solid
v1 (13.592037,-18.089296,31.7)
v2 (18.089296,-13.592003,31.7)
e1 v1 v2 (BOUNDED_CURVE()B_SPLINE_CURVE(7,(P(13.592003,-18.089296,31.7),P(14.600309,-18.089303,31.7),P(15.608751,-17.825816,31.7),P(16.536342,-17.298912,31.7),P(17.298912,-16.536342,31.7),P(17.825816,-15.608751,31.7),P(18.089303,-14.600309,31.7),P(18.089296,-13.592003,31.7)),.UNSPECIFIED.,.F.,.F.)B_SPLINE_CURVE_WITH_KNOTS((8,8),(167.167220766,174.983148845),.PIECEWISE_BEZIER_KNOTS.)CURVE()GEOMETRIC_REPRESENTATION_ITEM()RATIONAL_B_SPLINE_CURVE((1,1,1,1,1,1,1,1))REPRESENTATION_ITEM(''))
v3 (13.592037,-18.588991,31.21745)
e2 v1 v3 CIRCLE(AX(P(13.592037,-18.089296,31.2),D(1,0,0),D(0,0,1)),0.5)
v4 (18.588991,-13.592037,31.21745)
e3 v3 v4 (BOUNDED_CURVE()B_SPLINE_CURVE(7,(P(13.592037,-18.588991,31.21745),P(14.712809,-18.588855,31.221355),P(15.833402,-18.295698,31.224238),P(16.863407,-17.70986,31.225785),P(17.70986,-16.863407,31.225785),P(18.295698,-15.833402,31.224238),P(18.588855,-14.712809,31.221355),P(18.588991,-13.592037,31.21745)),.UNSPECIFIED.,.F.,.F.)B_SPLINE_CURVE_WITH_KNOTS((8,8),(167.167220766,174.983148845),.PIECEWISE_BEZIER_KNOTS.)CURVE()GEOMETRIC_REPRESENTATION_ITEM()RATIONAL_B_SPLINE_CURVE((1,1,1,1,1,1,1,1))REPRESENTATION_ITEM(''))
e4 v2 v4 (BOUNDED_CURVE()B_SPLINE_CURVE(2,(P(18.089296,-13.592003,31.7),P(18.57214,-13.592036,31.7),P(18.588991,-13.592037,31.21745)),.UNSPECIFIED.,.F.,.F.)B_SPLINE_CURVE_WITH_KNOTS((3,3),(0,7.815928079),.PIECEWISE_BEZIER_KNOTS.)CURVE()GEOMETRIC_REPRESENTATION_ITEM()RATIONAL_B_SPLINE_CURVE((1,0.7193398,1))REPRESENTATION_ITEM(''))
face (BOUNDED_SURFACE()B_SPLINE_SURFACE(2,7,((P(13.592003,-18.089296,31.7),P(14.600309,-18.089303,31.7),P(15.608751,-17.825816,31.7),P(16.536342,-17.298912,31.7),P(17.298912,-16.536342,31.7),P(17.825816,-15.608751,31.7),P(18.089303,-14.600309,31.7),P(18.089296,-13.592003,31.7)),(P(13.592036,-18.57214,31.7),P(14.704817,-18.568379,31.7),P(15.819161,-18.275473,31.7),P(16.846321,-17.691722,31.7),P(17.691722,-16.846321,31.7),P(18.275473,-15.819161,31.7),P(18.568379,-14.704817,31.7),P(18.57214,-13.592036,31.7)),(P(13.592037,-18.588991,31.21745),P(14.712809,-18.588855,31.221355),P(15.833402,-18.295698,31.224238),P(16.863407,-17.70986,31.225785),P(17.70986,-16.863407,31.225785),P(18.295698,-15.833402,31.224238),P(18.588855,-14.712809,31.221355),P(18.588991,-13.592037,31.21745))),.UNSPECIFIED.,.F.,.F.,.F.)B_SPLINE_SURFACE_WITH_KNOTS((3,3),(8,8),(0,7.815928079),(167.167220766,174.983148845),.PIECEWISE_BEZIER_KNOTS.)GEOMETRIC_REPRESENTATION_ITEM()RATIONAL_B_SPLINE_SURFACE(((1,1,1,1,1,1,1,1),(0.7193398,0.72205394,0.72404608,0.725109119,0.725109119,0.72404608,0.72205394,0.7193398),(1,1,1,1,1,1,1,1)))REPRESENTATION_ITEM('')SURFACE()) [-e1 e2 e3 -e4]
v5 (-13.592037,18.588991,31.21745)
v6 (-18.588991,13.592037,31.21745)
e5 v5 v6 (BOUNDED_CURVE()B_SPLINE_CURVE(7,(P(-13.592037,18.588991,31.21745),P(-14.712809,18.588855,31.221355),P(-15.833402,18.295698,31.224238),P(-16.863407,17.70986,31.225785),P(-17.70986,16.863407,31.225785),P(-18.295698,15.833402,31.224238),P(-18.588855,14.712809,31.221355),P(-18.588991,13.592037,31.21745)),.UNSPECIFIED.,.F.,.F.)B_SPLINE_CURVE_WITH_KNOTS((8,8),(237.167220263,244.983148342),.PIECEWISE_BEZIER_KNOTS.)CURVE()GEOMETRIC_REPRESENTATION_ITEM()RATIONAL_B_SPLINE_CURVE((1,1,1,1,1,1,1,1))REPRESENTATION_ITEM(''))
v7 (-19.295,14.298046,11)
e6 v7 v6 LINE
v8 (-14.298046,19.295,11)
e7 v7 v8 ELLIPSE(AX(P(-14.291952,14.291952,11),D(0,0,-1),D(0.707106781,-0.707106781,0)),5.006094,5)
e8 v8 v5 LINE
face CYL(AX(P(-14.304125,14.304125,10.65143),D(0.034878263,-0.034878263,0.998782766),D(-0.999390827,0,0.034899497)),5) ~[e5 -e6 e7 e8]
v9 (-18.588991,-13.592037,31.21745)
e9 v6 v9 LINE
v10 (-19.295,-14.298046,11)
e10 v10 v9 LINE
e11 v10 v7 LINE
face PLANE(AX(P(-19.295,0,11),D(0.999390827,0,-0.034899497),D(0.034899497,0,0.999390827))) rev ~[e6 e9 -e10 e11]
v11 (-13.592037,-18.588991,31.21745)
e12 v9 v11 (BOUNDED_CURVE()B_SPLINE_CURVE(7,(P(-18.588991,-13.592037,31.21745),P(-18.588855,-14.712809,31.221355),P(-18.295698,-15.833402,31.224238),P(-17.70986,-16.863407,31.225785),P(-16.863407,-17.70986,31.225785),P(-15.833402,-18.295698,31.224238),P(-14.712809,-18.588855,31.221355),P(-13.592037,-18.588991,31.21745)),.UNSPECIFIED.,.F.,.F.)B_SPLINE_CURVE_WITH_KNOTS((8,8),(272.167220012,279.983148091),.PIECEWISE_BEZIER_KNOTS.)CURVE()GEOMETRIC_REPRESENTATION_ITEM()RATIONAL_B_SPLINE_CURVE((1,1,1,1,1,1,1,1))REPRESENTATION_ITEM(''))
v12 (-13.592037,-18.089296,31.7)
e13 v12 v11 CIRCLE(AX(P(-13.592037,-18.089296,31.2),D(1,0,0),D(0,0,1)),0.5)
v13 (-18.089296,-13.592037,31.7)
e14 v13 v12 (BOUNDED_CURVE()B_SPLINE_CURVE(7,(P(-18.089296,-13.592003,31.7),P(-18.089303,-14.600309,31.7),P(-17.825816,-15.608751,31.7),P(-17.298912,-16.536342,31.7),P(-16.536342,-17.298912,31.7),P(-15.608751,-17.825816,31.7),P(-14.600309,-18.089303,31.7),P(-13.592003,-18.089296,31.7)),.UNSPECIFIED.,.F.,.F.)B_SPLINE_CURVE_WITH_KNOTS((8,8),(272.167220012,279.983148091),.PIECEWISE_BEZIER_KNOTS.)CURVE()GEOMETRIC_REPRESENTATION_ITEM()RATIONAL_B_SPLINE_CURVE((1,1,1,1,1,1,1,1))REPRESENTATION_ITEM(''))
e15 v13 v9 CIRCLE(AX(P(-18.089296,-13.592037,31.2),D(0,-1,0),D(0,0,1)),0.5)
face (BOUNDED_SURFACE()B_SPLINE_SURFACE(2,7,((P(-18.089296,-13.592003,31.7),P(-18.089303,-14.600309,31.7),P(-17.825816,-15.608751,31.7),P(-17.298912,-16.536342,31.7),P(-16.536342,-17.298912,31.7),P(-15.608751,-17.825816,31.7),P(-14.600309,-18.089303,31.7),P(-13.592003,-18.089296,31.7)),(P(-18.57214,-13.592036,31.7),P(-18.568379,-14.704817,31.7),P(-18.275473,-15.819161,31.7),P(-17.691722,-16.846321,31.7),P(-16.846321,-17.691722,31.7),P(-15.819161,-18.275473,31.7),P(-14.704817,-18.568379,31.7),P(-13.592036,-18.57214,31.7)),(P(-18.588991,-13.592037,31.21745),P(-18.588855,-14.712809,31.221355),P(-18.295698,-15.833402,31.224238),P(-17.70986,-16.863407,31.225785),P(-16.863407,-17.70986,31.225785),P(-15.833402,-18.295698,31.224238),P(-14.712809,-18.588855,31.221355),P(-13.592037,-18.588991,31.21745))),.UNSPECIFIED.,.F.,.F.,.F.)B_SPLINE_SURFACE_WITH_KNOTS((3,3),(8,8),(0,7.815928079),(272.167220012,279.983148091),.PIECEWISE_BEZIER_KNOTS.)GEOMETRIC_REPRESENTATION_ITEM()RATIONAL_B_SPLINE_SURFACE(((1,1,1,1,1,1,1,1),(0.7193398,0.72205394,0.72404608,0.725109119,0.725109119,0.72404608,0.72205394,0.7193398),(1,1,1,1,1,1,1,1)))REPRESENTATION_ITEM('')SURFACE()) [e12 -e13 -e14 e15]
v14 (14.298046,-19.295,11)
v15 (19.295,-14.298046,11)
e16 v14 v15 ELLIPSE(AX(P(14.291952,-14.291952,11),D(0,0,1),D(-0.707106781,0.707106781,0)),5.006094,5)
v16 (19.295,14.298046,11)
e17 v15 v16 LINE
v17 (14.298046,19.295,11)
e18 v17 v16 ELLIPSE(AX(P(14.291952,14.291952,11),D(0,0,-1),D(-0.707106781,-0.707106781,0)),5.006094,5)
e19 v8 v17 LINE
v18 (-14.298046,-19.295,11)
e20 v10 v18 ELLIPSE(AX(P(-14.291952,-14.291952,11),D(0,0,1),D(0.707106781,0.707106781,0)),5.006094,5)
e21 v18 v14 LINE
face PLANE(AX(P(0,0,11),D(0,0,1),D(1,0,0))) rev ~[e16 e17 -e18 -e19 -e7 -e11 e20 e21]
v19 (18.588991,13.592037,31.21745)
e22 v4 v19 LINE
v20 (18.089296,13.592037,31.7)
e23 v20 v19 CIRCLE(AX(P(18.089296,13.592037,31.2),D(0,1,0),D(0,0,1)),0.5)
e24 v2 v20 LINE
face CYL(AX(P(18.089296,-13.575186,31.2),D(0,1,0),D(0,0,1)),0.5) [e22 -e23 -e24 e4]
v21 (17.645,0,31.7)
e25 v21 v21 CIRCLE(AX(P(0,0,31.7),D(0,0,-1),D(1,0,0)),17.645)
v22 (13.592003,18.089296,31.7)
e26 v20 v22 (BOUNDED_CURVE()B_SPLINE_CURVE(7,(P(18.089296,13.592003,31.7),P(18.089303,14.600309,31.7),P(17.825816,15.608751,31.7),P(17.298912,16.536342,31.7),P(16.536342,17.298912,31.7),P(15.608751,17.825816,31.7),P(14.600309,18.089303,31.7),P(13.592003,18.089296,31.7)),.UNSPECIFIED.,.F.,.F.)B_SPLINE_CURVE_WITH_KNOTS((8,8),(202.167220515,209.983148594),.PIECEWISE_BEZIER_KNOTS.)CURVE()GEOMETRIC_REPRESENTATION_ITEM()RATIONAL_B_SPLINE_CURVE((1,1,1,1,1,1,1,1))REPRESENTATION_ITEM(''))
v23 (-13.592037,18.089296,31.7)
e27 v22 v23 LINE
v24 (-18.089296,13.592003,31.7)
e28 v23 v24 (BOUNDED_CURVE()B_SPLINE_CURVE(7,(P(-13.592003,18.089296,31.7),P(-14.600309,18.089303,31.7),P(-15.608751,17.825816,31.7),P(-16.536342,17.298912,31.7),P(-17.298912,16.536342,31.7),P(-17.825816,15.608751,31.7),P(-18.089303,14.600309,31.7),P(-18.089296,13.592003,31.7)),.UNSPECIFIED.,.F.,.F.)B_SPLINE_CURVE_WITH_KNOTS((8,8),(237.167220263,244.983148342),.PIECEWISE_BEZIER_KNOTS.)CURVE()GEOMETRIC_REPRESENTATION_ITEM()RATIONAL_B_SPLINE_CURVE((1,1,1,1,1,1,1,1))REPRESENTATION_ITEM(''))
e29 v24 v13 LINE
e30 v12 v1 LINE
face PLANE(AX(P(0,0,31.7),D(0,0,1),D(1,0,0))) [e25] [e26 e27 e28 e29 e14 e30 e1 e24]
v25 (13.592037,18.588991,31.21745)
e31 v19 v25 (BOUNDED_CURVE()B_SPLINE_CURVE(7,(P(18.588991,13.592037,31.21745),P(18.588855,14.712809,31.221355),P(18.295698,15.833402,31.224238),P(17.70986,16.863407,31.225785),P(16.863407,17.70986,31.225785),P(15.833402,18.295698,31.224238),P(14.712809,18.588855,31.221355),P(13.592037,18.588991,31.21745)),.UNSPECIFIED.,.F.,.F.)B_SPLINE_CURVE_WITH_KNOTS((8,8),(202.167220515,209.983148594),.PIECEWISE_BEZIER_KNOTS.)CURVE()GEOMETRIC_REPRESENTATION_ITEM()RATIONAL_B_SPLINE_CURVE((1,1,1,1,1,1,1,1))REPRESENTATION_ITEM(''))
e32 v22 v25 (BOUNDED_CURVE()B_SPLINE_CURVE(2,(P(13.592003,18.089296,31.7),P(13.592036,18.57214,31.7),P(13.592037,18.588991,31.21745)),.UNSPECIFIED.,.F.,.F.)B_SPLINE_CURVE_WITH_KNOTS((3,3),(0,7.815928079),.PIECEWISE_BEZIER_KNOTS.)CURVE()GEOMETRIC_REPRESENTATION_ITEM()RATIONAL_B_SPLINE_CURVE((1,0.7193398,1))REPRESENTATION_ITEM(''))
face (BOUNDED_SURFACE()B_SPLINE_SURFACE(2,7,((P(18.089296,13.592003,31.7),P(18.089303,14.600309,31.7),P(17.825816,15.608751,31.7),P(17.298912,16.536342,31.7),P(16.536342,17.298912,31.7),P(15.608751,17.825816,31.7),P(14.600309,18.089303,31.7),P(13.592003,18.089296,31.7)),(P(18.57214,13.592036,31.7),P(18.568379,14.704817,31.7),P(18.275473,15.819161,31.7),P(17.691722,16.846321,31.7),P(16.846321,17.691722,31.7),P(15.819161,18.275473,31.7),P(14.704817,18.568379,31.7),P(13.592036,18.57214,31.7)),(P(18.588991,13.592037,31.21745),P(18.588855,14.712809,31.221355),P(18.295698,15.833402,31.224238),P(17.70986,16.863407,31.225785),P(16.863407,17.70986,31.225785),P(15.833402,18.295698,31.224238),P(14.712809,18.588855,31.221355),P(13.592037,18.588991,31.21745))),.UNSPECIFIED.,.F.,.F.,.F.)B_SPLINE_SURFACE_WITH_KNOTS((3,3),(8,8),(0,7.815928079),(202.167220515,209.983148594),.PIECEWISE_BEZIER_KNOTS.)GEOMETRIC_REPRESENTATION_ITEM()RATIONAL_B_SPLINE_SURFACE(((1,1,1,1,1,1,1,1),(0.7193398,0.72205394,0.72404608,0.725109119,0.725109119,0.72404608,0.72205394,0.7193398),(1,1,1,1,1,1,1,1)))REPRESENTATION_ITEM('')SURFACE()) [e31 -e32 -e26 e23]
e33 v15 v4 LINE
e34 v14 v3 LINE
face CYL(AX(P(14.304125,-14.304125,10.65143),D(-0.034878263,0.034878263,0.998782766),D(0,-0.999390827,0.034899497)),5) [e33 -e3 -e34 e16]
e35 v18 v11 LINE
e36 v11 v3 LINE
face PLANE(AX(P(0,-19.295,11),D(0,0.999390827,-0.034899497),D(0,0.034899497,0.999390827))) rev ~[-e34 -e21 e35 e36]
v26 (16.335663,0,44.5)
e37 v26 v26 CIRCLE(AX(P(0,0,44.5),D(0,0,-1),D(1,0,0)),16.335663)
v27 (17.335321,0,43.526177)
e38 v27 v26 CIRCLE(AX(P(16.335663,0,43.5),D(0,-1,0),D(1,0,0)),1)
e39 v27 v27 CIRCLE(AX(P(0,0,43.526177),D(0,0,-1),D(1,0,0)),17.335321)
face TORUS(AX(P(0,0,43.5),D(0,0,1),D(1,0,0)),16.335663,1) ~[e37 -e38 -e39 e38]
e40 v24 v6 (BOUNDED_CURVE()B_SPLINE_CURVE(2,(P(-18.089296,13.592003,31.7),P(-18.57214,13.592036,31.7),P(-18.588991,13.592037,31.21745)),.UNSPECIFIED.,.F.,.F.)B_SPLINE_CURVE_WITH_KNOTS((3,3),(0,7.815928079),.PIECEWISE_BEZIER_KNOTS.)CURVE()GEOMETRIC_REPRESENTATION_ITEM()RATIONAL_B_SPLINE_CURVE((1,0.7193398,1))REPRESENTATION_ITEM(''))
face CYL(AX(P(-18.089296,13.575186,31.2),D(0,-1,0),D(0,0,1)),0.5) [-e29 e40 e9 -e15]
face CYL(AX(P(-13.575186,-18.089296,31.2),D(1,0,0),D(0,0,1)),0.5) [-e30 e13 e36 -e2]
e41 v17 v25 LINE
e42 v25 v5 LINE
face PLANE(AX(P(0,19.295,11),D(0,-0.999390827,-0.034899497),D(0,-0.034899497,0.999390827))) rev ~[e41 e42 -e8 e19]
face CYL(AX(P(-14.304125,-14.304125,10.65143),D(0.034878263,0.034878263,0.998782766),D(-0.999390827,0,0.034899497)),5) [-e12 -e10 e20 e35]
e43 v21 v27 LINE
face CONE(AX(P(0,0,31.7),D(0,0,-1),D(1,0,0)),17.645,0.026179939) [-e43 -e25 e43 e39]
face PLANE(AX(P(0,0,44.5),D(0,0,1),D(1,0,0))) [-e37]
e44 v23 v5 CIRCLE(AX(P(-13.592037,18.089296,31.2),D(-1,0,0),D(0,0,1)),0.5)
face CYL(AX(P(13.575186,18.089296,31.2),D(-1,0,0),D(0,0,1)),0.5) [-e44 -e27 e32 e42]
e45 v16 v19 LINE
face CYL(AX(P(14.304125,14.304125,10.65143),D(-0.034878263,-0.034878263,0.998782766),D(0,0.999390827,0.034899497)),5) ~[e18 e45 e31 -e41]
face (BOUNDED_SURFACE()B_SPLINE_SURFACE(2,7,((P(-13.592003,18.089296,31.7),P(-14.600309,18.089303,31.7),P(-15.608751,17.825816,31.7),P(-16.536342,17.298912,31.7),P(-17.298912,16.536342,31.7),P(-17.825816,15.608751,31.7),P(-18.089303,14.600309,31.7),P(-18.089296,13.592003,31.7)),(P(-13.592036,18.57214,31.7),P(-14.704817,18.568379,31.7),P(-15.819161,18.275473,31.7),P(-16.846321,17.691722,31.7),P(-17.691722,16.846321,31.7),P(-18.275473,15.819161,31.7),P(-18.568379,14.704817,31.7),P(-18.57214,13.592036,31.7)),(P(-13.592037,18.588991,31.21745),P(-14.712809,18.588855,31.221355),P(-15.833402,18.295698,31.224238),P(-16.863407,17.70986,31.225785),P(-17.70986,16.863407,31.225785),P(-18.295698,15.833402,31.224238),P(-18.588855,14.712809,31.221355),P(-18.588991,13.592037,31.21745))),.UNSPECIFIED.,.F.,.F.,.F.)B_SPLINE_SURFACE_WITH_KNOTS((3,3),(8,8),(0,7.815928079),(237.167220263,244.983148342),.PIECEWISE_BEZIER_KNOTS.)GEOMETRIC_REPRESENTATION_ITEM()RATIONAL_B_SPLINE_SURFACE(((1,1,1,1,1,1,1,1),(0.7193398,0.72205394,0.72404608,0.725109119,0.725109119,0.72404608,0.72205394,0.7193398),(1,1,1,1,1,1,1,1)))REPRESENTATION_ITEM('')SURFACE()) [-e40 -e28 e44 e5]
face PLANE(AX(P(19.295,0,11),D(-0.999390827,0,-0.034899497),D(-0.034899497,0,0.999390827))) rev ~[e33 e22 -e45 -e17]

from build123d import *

# Parameters (mm, degrees)
SKETCH058_W  = 38.59
SKETCH058_H  = 38.59
PAD041_DEPTH = 20.7
PAD041_TAPER = 2
SKETCH059_R  = 17.645
PAD042_DEPTH = 12.8
PAD042_TAPER = 1.5
FILLET_R     = 1
FILLET003_R  = 5
FILLET004_R  = 0.5


with BuildPart() as part:
    # Sketch058 → Pad041 (new body)
    with BuildSketch(Plane.XY):
        Rectangle(SKETCH058_W, SKETCH058_H)
    extrude(amount=PAD041_DEPTH, taper=PAD041_TAPER)

    # Sketch059 (on Face6 of Pad041) → Pad042 (join)
    with BuildSketch(Plane.XY.offset(20.7)):
        Circle(SKETCH059_R)
    extrude(amount=PAD042_DEPTH, taper=PAD042_TAPER)

    # Fillet
    fillet_edges = [part.edges().sort_by_distance(p)[0] for p in [
        (-17.30982, 0, 33.5),
    ]]
    fillet(fillet_edges, radius=FILLET_R)

    # Fillet003
    fillet003_edges = [part.edges().sort_by_distance(p)[0] for p in [
        (18.93357, -18.93357, 10.35),
        (18.93357, 18.93357, 10.35),
        (-18.93357, 18.93357, 10.35),
        (-18.93357, -18.93357, 10.35),
    ]]
    fillet(fillet003_edges, radius=FILLET003_R)

    # Fillet004
    fillet004_edges = [part.edges().sort_by_distance(p)[0] for p in [
        (0, -18.57214, 20.7),
        (-17.108935, -17.108935, 20.7),
        (-18.57214, 0, 20.7),
        (18.57214, 0, 20.7),
        (17.108935, 17.108935, 20.7),
        (0, 18.57214, 20.7),
        (17.108935, -17.108935, 20.7),
        (-17.108935, 17.108935, 20.7),
    ]]
    fillet(fillet004_edges, radius=FILLET004_R)


with BuildPart() as part_1:
    # Body023 placement: moved
    add(part.part.moved(Location((0, 0, 11))))


solid = part_1.part
